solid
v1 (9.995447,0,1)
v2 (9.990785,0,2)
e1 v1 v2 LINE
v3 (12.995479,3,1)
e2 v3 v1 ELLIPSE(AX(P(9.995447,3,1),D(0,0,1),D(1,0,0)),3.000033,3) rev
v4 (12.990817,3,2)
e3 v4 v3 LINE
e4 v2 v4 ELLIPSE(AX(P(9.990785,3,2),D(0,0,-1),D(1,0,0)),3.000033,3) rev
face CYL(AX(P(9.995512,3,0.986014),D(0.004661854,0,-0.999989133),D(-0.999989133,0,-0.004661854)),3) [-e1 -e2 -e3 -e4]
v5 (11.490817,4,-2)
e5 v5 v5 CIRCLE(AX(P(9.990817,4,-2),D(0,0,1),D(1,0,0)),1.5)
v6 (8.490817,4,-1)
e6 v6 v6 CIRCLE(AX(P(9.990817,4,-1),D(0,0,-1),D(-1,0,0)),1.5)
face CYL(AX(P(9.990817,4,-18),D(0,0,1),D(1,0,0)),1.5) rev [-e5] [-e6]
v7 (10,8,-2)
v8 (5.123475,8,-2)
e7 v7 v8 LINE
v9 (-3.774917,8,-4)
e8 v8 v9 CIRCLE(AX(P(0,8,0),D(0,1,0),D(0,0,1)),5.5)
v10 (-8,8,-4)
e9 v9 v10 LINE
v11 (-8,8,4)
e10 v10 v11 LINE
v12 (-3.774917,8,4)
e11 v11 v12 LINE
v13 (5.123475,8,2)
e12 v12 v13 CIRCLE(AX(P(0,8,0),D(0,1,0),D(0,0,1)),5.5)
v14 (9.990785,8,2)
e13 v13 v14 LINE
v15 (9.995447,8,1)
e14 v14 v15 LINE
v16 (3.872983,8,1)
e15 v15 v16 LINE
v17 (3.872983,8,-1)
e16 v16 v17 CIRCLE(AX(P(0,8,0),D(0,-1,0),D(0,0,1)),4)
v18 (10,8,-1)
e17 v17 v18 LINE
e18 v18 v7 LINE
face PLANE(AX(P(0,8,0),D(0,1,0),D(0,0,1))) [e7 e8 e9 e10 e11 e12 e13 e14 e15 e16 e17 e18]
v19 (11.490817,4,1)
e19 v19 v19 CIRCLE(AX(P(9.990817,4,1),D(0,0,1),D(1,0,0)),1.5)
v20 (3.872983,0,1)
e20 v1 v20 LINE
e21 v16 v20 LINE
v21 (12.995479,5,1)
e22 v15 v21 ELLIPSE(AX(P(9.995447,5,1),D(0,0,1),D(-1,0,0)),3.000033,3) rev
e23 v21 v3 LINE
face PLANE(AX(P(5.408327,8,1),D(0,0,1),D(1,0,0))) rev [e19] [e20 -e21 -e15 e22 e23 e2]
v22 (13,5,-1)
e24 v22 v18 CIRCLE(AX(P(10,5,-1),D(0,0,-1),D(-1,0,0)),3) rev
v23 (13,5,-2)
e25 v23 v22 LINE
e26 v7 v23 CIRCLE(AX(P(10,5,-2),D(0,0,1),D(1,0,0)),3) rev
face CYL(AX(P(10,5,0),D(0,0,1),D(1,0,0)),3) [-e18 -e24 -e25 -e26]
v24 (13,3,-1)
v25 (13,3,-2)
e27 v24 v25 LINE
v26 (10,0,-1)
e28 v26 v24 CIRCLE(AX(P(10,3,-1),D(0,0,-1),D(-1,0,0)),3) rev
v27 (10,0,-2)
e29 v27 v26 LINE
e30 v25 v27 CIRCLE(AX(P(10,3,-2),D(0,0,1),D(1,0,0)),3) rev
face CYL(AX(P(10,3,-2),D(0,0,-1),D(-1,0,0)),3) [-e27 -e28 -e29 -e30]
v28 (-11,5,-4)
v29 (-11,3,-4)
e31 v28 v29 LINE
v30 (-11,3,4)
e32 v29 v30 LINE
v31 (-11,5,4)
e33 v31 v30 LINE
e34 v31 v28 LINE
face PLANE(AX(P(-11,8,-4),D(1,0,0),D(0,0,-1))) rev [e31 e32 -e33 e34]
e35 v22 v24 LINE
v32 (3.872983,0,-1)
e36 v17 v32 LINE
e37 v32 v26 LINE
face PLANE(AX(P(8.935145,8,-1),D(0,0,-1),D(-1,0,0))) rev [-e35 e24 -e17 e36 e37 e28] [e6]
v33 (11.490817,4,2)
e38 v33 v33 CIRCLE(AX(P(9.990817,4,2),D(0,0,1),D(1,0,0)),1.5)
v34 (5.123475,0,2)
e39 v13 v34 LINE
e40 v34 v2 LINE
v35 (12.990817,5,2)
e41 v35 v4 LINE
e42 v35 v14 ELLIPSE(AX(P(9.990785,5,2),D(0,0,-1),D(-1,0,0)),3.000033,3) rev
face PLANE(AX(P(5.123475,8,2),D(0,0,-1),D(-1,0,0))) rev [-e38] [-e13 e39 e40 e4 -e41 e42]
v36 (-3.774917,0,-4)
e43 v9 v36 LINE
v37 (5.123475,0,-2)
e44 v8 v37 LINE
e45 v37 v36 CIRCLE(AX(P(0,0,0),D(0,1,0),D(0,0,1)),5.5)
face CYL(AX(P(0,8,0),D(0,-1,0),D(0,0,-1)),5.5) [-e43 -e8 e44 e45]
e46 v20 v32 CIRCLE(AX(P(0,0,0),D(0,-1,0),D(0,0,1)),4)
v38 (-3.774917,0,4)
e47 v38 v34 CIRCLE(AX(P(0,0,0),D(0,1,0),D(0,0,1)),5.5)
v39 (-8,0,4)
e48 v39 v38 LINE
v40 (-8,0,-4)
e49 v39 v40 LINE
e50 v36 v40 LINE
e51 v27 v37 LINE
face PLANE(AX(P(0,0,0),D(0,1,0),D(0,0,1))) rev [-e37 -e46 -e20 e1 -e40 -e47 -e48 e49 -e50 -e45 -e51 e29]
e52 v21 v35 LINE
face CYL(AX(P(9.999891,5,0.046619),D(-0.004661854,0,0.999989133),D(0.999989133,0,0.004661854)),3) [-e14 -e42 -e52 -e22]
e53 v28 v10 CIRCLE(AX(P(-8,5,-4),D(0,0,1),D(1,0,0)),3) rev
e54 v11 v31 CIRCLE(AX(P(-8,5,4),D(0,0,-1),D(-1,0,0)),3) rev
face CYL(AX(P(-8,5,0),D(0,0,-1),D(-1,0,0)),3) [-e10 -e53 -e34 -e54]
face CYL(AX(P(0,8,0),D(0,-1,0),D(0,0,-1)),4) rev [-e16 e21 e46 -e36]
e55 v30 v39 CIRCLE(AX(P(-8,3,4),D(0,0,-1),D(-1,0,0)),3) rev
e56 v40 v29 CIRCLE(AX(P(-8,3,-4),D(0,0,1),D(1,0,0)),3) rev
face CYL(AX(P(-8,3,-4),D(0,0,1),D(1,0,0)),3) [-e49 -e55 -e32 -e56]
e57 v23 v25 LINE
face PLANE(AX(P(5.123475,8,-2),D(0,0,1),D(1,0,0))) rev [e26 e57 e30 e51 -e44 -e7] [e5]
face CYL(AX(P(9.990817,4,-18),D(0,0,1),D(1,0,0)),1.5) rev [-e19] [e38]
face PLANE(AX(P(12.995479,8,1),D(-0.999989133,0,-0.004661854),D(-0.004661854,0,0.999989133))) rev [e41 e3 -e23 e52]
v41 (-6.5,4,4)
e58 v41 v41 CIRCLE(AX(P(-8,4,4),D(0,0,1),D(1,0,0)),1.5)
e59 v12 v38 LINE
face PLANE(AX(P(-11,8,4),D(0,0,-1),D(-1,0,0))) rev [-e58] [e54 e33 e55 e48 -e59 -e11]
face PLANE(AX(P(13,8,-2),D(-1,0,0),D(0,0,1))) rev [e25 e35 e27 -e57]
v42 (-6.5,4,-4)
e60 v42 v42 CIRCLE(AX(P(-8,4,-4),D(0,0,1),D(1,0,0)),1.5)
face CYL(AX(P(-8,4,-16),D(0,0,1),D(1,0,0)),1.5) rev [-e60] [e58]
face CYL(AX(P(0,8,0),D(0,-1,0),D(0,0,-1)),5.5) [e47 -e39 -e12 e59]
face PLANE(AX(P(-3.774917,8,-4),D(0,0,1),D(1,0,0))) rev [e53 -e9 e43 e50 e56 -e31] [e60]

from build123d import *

# Parameters (mm, degrees)
EXTRUDE_1_DEPTH     = 8
FILLET_2_R          = 3
FILLET_3_R          = 3
FILLET_4_R          = 3
FILLET_5_R          = 3
FILLET_6_R          = 3
FILLET_7_R          = 3
SKETCH_3_R          = 1.5
CUT_EXTRUDE_1_DEPTH = 20
SKETCH_4_R          = 1.5
CUT_EXTRUDE_2_DEPTH = 20


with BuildPart() as part:
    # 草图1 → 凸台-拉伸1 (new body)
    with BuildSketch(Plane(origin=(0, 0, 0), x_dir=(1, 0, 0), z_dir=(0, 1, 0))):
        with BuildLine():
            Line((8.935144768, 1), (13, 1))
            Line((13, 1), (13, 2))
            Line((13, 2), (5.123475383, 2))
            ThreePointArc((5.123475383, 2), (1.206089666, 5.366129678), (-3.774917218, 4))
            Line((-3.774917218, 4), (-11, 4))
            Line((-11, 4), (-11, -4))
            Line((-11, -4), (-3.774917218, -4))
            ThreePointArc((-3.774917218, -4), (1.206089666, -5.366129678), (5.123475383, -2))
            Line((5.123475383, -2), (12.990817457, -2))
            Line((12.990817457, -2), (12.995479361, -1))
            Line((12.995479361, -1), (5.408326913, -1))
            Line((5.408326913, -1), (3.872983346, -1))
            ThreePointArc((3.872983346, -1), (-4, 0), (3.872983346, 1))
            Line((3.872983346, 1), (8.935144768, 1))
        make_face()
    extrude(amount=EXTRUDE_1_DEPTH)

    # 圆角2
    fillet_2_edges = [part.edges().sort_by_distance(p)[0] for p in [
        (-11, 8, 0),
    ]]
    fillet(fillet_2_edges, radius=FILLET_2_R)

    # 圆角3
    fillet_3_edges = [part.edges().sort_by_distance(p)[0] for p in [
        (-11, 0, 0),
    ]]
    fillet(fillet_3_edges, radius=FILLET_3_R)

    # 圆角4
    fillet_4_edges = [part.edges().sort_by_distance(p)[0] for p in [
        (12.993148409, 8, 1.5),
    ]]
    fillet(fillet_4_edges, radius=FILLET_4_R)

    # 圆角5
    fillet_5_edges = [part.edges().sort_by_distance(p)[0] for p in [
        (12.993148409, 0, 1.5),
    ]]
    fillet(fillet_5_edges, radius=FILLET_5_R)

    # 圆角6
    fillet_6_edges = [part.edges().sort_by_distance(p)[0] for p in [
        (13, 8, -1.5),
    ]]
    fillet(fillet_6_edges, radius=FILLET_6_R)

    # 圆角7
    fillet_7_edges = [part.edges().sort_by_distance(p)[0] for p in [
        (13, 0, -1.5),
    ]]
    fillet(fillet_7_edges, radius=FILLET_7_R)

    # 草图3 → 切除-拉伸1 (cut)
    with BuildSketch(Plane.XY.offset(4)):
        with Locations((-8, 4)):
            Circle(SKETCH_3_R)
    extrude(amount=-CUT_EXTRUDE_1_DEPTH, mode=Mode.SUBTRACT)

    # 草图4 → 切除-拉伸2 (cut)
    with BuildSketch(Plane.XY.offset(2)):
        with Locations((9.990817457, 4)):
            Circle(SKETCH_4_R)
    extrude(amount=-CUT_EXTRUDE_2_DEPTH, mode=Mode.SUBTRACT)


solid = part.part
